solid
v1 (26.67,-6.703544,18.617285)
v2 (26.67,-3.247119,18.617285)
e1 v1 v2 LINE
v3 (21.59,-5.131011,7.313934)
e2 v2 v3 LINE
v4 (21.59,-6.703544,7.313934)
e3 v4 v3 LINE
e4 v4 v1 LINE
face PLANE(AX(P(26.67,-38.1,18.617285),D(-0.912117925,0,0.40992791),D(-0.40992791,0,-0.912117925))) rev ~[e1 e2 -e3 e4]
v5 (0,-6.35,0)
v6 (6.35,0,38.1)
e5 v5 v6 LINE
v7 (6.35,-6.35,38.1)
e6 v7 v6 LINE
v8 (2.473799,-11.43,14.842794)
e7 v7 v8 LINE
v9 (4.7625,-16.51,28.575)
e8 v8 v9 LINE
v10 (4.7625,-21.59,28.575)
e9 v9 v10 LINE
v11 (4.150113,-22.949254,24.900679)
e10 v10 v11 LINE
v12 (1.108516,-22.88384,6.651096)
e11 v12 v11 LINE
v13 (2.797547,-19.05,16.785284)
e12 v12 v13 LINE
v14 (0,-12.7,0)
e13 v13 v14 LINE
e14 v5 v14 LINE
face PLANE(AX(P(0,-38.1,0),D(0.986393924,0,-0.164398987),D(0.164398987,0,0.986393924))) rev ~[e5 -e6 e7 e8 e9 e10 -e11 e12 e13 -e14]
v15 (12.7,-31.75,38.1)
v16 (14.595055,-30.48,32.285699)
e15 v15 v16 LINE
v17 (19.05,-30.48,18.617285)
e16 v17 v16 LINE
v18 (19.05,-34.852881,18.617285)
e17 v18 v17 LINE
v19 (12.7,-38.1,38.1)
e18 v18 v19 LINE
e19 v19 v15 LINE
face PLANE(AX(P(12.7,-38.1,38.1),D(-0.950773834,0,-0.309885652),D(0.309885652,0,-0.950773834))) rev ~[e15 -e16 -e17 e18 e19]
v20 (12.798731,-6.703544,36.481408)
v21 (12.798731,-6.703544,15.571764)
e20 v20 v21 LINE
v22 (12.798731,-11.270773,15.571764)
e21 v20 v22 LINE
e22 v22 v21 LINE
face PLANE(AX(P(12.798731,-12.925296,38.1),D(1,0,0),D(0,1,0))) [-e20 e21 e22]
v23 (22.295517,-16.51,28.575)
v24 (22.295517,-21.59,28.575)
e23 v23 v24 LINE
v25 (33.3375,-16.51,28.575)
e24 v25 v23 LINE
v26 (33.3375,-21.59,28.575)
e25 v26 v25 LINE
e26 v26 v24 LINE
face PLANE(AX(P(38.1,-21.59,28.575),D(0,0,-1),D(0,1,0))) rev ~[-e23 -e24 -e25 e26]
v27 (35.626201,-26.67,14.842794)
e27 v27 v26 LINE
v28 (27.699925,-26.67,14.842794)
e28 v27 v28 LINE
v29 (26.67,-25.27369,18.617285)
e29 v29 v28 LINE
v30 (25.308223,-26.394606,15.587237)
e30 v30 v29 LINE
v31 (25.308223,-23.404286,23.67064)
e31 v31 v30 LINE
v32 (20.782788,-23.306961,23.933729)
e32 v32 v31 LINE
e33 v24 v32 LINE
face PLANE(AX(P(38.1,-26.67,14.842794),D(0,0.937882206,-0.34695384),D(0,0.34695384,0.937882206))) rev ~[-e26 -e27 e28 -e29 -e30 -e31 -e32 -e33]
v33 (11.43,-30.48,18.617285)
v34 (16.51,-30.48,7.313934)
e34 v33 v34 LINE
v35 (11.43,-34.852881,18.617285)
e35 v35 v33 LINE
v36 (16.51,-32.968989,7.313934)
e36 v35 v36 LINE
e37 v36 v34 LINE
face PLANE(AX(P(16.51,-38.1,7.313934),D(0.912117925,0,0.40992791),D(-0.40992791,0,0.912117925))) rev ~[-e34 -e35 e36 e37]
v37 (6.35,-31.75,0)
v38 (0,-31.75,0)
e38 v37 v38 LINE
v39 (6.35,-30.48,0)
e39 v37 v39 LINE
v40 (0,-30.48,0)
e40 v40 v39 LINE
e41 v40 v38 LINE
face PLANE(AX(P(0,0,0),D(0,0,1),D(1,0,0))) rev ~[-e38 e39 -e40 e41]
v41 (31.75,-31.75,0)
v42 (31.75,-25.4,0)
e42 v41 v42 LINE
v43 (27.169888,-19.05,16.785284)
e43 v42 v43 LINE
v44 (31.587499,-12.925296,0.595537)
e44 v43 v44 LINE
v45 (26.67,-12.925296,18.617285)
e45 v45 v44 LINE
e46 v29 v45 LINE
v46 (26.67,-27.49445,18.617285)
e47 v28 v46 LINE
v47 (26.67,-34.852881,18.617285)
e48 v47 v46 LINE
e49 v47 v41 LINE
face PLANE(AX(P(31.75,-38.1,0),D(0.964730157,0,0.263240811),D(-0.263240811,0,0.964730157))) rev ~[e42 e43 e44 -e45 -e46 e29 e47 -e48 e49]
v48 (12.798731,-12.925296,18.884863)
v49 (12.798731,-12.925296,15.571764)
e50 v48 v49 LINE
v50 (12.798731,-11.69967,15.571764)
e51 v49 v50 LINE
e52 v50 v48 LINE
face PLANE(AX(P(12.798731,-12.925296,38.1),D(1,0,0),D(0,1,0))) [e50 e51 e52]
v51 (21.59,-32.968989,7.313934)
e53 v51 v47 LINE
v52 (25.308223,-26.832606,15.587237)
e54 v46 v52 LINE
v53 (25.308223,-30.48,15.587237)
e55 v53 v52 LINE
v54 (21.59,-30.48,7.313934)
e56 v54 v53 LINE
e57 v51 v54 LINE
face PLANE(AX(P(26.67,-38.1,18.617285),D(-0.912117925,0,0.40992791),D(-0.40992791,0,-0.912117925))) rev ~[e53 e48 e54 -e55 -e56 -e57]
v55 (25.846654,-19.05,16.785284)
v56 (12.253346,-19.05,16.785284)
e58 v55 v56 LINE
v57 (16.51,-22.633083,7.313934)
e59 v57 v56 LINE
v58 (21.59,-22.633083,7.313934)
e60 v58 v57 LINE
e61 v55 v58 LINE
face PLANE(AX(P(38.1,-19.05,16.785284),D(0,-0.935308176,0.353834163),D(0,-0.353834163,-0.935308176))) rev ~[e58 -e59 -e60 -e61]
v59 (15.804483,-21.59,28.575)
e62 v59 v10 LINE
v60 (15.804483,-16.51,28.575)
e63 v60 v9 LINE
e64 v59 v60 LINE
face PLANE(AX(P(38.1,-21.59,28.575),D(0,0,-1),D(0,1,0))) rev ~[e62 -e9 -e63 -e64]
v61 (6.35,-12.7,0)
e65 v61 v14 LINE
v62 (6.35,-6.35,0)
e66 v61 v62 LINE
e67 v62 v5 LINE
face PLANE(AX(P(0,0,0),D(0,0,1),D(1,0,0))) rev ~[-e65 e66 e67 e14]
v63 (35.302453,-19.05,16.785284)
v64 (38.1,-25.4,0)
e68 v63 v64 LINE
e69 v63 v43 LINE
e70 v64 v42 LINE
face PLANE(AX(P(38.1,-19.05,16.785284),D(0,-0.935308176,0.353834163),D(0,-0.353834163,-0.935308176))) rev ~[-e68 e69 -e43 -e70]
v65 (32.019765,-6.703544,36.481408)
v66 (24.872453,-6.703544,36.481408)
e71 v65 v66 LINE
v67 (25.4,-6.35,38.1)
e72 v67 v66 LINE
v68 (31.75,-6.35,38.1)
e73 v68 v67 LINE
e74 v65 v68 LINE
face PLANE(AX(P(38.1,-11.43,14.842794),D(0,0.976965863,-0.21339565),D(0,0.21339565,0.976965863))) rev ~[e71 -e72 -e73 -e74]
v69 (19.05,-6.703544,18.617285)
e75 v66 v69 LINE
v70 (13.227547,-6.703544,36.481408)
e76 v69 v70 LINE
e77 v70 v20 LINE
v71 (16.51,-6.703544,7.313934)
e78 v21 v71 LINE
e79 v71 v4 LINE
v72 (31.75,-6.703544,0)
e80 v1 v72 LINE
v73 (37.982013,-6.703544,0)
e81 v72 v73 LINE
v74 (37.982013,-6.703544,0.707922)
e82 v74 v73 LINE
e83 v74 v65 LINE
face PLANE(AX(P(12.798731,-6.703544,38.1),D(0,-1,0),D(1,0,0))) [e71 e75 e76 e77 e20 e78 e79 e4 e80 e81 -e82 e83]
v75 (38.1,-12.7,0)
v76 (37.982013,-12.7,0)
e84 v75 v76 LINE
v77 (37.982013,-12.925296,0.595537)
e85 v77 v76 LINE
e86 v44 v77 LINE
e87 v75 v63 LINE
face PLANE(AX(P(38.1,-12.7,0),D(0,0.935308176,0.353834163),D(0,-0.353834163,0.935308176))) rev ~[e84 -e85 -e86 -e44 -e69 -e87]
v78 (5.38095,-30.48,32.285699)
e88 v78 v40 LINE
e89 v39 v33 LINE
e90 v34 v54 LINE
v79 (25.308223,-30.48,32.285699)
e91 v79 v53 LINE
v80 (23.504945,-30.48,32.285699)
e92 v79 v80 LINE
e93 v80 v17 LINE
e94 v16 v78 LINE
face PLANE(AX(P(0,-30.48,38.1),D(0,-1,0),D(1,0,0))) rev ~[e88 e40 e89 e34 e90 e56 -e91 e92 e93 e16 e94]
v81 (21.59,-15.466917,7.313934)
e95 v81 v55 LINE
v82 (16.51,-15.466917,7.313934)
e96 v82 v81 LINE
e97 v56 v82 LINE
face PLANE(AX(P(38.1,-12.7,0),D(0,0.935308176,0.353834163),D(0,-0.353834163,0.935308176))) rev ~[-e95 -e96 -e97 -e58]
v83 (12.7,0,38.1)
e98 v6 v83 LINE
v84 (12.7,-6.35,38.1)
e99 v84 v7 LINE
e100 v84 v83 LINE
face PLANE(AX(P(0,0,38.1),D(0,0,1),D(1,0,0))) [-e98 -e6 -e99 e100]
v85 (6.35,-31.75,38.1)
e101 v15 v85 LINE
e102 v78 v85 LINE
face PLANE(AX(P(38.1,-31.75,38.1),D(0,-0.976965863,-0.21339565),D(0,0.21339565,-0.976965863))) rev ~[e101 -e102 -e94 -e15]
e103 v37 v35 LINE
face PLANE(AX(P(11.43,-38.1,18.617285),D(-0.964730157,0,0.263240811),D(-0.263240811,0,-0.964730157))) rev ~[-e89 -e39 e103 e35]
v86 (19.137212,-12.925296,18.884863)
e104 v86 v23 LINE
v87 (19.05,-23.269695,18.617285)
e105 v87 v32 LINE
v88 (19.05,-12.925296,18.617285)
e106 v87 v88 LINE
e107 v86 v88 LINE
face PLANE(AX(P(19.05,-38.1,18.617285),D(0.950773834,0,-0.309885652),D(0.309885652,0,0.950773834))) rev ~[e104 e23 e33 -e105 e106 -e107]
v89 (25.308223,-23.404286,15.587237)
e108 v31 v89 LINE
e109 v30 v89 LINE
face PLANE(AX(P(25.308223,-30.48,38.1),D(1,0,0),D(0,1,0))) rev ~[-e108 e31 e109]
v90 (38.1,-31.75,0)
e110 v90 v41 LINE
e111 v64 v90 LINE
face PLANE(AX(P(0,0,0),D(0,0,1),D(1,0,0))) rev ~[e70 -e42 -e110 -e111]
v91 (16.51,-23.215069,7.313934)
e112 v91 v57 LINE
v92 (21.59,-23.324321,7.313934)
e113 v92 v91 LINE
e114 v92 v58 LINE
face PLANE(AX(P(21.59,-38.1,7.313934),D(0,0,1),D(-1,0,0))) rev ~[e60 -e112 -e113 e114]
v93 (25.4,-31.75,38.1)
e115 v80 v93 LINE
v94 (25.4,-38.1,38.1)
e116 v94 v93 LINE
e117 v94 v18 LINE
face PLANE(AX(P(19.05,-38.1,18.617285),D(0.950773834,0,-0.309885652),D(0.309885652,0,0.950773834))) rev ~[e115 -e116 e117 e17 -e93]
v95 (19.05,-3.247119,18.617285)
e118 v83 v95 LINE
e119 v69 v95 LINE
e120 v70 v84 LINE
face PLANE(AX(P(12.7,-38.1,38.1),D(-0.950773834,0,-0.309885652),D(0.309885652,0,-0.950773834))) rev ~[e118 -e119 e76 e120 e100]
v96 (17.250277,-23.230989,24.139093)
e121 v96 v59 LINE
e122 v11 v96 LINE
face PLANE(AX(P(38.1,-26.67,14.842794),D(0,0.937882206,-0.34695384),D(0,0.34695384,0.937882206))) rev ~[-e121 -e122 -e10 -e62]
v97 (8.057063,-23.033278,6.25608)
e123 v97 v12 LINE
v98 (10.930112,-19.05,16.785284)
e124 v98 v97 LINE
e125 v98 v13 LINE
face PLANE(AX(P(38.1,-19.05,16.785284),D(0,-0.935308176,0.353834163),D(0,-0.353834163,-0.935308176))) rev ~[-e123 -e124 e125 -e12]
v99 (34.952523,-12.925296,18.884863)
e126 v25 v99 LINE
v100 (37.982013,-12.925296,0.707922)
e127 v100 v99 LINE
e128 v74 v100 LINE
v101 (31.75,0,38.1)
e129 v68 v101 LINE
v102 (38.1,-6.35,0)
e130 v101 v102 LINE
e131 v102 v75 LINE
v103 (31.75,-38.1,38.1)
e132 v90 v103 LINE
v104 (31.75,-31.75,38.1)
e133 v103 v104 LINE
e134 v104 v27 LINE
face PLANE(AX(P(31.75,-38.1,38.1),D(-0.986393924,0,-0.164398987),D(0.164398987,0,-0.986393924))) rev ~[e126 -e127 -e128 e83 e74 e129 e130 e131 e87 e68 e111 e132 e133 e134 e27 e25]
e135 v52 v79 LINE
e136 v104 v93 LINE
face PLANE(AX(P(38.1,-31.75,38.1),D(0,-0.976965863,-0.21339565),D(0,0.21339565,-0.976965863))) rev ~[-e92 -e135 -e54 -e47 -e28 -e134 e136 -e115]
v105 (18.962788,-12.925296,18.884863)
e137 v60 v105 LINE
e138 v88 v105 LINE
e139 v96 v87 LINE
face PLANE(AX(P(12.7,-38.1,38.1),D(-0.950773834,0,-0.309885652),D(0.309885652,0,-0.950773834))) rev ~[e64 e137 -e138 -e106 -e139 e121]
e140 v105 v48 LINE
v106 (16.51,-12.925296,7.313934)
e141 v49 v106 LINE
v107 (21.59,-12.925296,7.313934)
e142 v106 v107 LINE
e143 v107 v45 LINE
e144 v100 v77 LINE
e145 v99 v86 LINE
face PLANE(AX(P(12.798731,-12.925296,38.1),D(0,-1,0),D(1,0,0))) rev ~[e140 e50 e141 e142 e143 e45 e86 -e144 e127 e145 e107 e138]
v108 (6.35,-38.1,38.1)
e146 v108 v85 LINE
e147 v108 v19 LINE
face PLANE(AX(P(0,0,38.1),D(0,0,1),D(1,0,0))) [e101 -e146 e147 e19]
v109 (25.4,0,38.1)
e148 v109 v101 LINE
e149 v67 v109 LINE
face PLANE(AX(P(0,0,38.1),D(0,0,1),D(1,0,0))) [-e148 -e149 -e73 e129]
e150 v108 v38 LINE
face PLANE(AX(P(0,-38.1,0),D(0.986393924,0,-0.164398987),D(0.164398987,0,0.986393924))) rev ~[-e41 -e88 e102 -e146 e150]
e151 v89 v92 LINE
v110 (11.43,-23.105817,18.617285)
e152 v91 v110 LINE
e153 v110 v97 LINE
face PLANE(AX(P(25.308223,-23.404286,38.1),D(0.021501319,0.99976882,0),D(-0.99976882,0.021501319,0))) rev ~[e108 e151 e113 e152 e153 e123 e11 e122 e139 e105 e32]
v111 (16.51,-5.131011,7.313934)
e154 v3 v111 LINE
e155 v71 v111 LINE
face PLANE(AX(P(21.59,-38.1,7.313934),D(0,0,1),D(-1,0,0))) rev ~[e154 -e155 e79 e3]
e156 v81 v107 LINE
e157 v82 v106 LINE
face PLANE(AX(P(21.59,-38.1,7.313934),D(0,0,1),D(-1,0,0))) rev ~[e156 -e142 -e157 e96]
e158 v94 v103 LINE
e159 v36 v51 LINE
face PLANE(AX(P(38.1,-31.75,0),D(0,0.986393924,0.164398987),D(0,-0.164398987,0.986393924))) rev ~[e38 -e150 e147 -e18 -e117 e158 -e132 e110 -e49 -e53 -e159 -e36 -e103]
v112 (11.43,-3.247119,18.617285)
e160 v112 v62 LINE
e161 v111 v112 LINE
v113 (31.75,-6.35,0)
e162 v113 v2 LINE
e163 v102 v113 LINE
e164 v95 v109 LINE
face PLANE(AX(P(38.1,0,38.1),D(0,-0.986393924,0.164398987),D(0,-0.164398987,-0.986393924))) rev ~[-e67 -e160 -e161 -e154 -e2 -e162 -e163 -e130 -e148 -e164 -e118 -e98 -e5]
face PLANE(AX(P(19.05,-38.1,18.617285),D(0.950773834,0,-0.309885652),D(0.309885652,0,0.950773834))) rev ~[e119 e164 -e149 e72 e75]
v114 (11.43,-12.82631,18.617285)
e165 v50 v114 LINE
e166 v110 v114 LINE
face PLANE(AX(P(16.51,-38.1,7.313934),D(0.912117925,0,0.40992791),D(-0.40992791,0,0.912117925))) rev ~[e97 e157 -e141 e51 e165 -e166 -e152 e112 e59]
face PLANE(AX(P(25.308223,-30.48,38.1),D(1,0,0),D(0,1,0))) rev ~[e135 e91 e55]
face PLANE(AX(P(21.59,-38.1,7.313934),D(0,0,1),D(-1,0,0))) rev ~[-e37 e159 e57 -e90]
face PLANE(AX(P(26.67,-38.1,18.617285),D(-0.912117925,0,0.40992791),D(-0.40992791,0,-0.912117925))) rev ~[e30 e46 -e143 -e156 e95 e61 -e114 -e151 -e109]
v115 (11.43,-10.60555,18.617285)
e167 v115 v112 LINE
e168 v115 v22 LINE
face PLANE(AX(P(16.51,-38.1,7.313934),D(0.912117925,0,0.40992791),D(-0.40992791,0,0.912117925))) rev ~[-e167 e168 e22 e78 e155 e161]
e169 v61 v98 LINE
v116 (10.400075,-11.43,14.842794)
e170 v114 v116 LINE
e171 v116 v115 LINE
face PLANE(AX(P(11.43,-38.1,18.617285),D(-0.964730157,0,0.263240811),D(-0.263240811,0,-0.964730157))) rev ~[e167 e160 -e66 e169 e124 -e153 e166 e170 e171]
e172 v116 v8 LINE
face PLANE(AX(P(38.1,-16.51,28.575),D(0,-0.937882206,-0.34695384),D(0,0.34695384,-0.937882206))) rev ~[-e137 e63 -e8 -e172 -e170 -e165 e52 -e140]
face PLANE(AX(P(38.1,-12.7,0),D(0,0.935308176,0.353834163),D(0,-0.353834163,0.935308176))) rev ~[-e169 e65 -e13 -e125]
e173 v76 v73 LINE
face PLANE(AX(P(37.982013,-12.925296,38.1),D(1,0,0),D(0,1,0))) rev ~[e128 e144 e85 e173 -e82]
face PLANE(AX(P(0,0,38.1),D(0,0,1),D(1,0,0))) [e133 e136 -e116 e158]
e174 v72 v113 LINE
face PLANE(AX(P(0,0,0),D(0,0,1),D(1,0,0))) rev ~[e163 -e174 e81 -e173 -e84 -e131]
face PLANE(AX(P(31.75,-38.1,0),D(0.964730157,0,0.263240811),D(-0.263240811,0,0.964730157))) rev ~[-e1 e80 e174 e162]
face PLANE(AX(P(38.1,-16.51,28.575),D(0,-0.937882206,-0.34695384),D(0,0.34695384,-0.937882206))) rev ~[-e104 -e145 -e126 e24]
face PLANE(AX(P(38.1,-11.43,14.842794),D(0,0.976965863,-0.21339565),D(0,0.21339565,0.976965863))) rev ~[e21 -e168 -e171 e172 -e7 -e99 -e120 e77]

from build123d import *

# Parameters (mm, degrees)
F0_W      = 38.1
F0_H      = 38.1
F1_DEPTH  = 38.1
F6_DEPTH  = 38.1
F8_DEPTH  = 38.1
F10_DEPTH = 38.1
F11_W     = 25.183282
F11_H     = 6.221752
F12_DEPTH = 38.1


with BuildPart() as f1:
    # F0 (on Front) → F1 (new body)
    with BuildSketch(Plane.XZ):
        with Locations((19.05, 19.05)):
            Rectangle(F0_W, F0_H)
    extrude(amount=F1_DEPTH)

    # F5 (on offset) → F6 (cut)
    with BuildSketch(Plane.YZ.offset(38.1)):
        Polygon((-6.35, 38.1), (-31.75, 38.1), (-26.67, 14.842794), (-21.59, 28.575), (-16.51, 28.575), (-11.43, 14.842794), align=None)
        Polygon((-38.1, 38.1), (-38.1, 0), (-31.75, 0), align=None)
        Polygon((-19.05, 16.785284), (-25.4, 0), (-12.7, 0), align=None)
        Polygon((0, 38.1), (-6.35, 0), (0, 0), align=None)
    extrude(amount=-F6_DEPTH, mode=Mode.SUBTRACT)

    # F7 (on offset) → F8 (cut)
    with BuildSketch(Plane.XZ.offset(38.1)):
        Polygon((25.4, 38.1), (12.7, 38.1), (19.05, 18.617285), align=None)
        Polygon((0, 38.1), (0, 0), (6.35, 38.1), align=None)
        Polygon((11.43, 18.617285), (6.35, 0), (31.75, 0), (26.67, 18.617285), (21.59, 7.313934), (16.51, 7.313934), align=None)
        Polygon((31.75, 38.1), (38.1, 0), (38.1, 38.1), align=None)
    extrude(amount=-F8_DEPTH, mode=Mode.SUBTRACT)

    # F9 (on offset) → F10 (cut)
    with BuildSketch(Plane.XY.offset(38.1)):
        Polygon((25.308223, -23.404286), (0, -22.86), (0, -30.48), (25.308223, -30.48), align=None)
    extrude(amount=-F10_DEPTH, mode=Mode.SUBTRACT)

    # F11 (on offset) → F12 (cut)
    with BuildSketch(Plane.XY.offset(38.1)):
        with Locations((25.390372, -9.81442)):
            Rectangle(F11_W, F11_H)
    extrude(amount=-F12_DEPTH, mode=Mode.SUBTRACT)


solid = f1.part
